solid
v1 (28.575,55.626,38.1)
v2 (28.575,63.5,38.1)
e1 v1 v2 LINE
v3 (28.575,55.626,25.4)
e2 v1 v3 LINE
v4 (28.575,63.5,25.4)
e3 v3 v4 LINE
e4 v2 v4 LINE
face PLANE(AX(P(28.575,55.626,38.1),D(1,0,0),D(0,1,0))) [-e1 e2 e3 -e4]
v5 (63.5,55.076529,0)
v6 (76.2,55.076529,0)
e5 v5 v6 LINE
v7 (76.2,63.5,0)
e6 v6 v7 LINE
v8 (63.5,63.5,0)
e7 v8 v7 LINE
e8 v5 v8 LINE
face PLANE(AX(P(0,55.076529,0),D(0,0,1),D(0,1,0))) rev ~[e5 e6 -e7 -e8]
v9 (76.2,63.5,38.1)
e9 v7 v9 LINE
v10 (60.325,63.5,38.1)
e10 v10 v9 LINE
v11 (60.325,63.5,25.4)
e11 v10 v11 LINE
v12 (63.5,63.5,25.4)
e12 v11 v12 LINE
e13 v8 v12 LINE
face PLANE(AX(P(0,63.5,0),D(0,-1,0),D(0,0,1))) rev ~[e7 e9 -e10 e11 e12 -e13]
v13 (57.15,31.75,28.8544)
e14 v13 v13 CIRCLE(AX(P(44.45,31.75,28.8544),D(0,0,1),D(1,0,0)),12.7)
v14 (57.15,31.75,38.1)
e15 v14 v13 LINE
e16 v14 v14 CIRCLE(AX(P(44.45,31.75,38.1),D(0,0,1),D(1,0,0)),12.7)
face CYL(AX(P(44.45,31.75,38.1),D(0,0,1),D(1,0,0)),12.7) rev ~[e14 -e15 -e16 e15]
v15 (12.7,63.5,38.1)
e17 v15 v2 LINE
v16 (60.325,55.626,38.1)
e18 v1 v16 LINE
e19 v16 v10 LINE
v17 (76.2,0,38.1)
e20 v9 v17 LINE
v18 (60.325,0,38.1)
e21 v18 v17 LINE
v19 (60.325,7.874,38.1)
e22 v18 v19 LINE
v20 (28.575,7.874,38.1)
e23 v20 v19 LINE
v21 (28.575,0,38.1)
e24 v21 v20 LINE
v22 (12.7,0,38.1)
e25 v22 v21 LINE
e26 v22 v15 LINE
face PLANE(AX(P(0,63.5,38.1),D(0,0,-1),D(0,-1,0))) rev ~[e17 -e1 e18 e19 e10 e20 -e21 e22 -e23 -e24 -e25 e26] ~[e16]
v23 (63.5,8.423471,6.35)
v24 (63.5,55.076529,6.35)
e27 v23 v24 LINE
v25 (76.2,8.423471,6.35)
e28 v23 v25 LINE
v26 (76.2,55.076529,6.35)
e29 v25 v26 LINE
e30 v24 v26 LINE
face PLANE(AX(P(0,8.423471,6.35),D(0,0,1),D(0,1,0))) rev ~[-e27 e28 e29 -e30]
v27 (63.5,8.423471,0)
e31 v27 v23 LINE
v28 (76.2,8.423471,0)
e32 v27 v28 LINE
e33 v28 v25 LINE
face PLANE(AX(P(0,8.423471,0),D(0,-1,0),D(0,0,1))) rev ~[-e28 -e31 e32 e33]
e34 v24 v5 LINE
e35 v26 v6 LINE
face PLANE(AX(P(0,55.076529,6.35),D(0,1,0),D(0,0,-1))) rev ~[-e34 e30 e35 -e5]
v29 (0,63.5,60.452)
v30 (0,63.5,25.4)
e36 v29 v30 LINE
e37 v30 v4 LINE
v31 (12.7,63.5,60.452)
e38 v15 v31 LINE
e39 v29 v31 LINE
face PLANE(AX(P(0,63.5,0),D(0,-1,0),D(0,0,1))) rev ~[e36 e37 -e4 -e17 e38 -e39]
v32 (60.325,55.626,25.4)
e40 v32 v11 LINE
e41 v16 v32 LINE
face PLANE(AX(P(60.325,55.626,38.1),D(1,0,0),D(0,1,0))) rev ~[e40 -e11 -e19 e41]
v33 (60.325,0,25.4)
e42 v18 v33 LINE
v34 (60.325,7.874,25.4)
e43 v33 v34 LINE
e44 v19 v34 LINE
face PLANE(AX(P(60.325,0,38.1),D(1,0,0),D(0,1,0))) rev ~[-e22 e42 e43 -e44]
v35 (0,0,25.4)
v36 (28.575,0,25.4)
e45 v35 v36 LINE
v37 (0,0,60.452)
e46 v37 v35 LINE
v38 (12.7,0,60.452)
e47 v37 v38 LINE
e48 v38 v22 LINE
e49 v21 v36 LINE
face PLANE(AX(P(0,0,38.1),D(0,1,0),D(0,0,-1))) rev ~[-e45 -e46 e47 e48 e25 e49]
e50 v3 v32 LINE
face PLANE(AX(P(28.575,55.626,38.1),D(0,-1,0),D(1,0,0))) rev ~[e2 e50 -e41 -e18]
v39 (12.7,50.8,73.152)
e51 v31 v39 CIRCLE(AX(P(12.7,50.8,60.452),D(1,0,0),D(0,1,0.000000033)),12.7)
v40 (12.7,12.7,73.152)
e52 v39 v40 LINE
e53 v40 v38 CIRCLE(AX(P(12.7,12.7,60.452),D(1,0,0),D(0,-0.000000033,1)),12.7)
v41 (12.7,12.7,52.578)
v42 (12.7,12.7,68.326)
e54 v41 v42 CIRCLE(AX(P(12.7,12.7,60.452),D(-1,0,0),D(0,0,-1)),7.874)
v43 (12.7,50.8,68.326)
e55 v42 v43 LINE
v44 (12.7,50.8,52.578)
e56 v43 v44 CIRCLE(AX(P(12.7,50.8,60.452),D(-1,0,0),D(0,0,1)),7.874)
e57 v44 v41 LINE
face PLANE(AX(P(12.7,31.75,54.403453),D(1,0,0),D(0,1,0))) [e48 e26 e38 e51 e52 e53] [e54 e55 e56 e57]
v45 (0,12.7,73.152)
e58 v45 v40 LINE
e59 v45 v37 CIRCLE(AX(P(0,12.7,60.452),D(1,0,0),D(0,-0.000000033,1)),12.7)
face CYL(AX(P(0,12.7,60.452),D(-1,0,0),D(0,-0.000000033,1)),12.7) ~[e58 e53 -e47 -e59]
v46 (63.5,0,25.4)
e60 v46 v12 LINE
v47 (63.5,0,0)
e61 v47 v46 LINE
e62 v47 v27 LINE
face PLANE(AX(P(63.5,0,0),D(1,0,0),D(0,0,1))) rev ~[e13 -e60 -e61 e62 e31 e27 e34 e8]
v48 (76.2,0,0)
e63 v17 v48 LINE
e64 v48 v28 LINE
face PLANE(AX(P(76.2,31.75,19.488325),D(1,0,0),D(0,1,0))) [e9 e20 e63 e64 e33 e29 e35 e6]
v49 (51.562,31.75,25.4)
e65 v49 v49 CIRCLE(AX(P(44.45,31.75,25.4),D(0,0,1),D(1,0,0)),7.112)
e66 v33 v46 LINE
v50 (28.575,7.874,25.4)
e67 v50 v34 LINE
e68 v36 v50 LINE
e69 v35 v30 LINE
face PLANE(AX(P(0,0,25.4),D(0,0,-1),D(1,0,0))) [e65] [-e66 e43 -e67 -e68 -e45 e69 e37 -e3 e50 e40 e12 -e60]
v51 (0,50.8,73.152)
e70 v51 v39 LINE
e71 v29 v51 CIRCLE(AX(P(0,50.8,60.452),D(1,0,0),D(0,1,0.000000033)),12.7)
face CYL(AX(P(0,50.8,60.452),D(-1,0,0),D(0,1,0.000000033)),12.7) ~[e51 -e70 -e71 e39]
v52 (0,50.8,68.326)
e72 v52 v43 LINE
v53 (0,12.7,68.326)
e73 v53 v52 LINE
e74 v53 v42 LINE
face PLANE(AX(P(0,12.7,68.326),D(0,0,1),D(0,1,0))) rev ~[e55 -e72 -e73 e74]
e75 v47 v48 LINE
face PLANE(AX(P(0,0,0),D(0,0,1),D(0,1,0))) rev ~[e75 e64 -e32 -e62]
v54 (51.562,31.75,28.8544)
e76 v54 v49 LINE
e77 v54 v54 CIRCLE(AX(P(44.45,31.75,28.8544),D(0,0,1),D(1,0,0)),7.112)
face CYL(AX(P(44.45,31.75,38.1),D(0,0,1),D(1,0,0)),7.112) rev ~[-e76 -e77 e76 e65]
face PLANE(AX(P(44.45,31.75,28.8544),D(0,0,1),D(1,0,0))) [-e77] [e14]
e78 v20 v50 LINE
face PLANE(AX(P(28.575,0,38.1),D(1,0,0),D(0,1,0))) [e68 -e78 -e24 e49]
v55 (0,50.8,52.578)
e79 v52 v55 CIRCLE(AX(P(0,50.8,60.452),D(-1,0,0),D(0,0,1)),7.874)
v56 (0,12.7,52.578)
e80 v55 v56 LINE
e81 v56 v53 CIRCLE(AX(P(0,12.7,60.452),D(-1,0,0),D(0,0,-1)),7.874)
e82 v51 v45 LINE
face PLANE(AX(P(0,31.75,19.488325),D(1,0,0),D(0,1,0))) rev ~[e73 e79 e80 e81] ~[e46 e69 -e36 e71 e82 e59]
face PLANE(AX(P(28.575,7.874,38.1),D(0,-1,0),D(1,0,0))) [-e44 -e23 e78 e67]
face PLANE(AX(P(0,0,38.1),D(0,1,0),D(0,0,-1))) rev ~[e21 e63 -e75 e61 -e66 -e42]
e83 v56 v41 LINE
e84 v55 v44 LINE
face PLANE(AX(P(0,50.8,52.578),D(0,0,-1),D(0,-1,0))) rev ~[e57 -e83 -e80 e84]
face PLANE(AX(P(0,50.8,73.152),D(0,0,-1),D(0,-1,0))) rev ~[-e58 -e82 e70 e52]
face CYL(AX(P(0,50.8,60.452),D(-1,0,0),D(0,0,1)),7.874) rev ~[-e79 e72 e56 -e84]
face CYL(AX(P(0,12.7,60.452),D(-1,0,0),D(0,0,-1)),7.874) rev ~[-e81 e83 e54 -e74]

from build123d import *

# Parameters (mm, degrees)
F1_DEPTH = 12.7
F2_DEPTH = 76.2
F3_R     = 12.7
F3_R_2   = 7.112
F4_DEPTH = 9.2456
F5_DEPTH = 38.101
F3_W     = 31.75
F3_H     = 7.874
F6_DEPTH = 38.101
F7_W     = 63.5
F7_H     = 25.4
F8_DEPTH = 63.501


with BuildPart() as f1:
    # F0 (on Right) → F1 (new body)
    with BuildSketch(Plane.YZ):
        with BuildLine():
            Line((0, 60.452), (0, 38.1))
            Line((0, 38.1), (63.5, 38.1))
            Line((63.5, 38.1), (63.5, 60.452))
            ThreePointArc((63.5, 60.452), (59.780256, 69.432256), (50.8, 73.152))
            Line((50.8, 73.152), (12.7, 73.152))
            ThreePointArc((12.7, 73.152), (3.719744, 69.432256), (0, 60.452))
        make_face()
        with BuildLine():
            ThreePointArc((12.7, 52.578), (4.826, 60.452), (12.7, 68.326))
            Line((12.7, 68.326), (50.8, 68.326))
            ThreePointArc((50.8, 68.326), (58.674, 60.452), (50.8, 52.578))
            Line((50.8, 52.578), (12.7, 52.578))
        make_face(mode=Mode.SUBTRACT)
    extrude(amount=F1_DEPTH)

    # F0 (on Right) → F2 (join)
    with BuildSketch(Plane.YZ):
        Polygon((0, 38.1), (0, 0), (8.423471, 0), (8.423471, 6.35), (55.076529, 6.35), (55.076529, 0), (63.5, 0), (63.5, 38.1), align=None)
    extrude(amount=F2_DEPTH)

    # F3 (on face) → F4 (cut)
    with BuildSketch(Plane.XY.offset(38.1)):
        with Locations((44.45, 31.75)):
            Circle(F3_R)
        with Locations((44.45, 31.75)):
            Circle(F3_R_2, mode=Mode.SUBTRACT)
    extrude(amount=-F4_DEPTH, mode=Mode.SUBTRACT)

    # F3 (on face) → F5 (cut, through all)
    with BuildSketch(Plane.XY.offset(38.1)):
        with Locations((44.45, 31.75)):
            Circle(F3_R_2)
    extrude(amount=-F5_DEPTH, mode=Mode.SUBTRACT)

    # F3 (on face) → F6 (cut, through all)
    with BuildSketch(Plane.XY.offset(38.1)):
        with Locations((44.45, 59.563)):
            Rectangle(F3_W, F3_H)
        with Locations((44.45, 3.937)):
            Rectangle(F3_W, F3_H)
    extrude(amount=-F6_DEPTH, mode=Mode.SUBTRACT)

    # F7 (on face) → F8 (cut, through all)
    with BuildSketch(Plane.XZ):
        with Locations((31.75, 12.7)):
            Rectangle(F7_W, F7_H)
    extrude(amount=-F8_DEPTH, mode=Mode.SUBTRACT)


solid = f1.part
